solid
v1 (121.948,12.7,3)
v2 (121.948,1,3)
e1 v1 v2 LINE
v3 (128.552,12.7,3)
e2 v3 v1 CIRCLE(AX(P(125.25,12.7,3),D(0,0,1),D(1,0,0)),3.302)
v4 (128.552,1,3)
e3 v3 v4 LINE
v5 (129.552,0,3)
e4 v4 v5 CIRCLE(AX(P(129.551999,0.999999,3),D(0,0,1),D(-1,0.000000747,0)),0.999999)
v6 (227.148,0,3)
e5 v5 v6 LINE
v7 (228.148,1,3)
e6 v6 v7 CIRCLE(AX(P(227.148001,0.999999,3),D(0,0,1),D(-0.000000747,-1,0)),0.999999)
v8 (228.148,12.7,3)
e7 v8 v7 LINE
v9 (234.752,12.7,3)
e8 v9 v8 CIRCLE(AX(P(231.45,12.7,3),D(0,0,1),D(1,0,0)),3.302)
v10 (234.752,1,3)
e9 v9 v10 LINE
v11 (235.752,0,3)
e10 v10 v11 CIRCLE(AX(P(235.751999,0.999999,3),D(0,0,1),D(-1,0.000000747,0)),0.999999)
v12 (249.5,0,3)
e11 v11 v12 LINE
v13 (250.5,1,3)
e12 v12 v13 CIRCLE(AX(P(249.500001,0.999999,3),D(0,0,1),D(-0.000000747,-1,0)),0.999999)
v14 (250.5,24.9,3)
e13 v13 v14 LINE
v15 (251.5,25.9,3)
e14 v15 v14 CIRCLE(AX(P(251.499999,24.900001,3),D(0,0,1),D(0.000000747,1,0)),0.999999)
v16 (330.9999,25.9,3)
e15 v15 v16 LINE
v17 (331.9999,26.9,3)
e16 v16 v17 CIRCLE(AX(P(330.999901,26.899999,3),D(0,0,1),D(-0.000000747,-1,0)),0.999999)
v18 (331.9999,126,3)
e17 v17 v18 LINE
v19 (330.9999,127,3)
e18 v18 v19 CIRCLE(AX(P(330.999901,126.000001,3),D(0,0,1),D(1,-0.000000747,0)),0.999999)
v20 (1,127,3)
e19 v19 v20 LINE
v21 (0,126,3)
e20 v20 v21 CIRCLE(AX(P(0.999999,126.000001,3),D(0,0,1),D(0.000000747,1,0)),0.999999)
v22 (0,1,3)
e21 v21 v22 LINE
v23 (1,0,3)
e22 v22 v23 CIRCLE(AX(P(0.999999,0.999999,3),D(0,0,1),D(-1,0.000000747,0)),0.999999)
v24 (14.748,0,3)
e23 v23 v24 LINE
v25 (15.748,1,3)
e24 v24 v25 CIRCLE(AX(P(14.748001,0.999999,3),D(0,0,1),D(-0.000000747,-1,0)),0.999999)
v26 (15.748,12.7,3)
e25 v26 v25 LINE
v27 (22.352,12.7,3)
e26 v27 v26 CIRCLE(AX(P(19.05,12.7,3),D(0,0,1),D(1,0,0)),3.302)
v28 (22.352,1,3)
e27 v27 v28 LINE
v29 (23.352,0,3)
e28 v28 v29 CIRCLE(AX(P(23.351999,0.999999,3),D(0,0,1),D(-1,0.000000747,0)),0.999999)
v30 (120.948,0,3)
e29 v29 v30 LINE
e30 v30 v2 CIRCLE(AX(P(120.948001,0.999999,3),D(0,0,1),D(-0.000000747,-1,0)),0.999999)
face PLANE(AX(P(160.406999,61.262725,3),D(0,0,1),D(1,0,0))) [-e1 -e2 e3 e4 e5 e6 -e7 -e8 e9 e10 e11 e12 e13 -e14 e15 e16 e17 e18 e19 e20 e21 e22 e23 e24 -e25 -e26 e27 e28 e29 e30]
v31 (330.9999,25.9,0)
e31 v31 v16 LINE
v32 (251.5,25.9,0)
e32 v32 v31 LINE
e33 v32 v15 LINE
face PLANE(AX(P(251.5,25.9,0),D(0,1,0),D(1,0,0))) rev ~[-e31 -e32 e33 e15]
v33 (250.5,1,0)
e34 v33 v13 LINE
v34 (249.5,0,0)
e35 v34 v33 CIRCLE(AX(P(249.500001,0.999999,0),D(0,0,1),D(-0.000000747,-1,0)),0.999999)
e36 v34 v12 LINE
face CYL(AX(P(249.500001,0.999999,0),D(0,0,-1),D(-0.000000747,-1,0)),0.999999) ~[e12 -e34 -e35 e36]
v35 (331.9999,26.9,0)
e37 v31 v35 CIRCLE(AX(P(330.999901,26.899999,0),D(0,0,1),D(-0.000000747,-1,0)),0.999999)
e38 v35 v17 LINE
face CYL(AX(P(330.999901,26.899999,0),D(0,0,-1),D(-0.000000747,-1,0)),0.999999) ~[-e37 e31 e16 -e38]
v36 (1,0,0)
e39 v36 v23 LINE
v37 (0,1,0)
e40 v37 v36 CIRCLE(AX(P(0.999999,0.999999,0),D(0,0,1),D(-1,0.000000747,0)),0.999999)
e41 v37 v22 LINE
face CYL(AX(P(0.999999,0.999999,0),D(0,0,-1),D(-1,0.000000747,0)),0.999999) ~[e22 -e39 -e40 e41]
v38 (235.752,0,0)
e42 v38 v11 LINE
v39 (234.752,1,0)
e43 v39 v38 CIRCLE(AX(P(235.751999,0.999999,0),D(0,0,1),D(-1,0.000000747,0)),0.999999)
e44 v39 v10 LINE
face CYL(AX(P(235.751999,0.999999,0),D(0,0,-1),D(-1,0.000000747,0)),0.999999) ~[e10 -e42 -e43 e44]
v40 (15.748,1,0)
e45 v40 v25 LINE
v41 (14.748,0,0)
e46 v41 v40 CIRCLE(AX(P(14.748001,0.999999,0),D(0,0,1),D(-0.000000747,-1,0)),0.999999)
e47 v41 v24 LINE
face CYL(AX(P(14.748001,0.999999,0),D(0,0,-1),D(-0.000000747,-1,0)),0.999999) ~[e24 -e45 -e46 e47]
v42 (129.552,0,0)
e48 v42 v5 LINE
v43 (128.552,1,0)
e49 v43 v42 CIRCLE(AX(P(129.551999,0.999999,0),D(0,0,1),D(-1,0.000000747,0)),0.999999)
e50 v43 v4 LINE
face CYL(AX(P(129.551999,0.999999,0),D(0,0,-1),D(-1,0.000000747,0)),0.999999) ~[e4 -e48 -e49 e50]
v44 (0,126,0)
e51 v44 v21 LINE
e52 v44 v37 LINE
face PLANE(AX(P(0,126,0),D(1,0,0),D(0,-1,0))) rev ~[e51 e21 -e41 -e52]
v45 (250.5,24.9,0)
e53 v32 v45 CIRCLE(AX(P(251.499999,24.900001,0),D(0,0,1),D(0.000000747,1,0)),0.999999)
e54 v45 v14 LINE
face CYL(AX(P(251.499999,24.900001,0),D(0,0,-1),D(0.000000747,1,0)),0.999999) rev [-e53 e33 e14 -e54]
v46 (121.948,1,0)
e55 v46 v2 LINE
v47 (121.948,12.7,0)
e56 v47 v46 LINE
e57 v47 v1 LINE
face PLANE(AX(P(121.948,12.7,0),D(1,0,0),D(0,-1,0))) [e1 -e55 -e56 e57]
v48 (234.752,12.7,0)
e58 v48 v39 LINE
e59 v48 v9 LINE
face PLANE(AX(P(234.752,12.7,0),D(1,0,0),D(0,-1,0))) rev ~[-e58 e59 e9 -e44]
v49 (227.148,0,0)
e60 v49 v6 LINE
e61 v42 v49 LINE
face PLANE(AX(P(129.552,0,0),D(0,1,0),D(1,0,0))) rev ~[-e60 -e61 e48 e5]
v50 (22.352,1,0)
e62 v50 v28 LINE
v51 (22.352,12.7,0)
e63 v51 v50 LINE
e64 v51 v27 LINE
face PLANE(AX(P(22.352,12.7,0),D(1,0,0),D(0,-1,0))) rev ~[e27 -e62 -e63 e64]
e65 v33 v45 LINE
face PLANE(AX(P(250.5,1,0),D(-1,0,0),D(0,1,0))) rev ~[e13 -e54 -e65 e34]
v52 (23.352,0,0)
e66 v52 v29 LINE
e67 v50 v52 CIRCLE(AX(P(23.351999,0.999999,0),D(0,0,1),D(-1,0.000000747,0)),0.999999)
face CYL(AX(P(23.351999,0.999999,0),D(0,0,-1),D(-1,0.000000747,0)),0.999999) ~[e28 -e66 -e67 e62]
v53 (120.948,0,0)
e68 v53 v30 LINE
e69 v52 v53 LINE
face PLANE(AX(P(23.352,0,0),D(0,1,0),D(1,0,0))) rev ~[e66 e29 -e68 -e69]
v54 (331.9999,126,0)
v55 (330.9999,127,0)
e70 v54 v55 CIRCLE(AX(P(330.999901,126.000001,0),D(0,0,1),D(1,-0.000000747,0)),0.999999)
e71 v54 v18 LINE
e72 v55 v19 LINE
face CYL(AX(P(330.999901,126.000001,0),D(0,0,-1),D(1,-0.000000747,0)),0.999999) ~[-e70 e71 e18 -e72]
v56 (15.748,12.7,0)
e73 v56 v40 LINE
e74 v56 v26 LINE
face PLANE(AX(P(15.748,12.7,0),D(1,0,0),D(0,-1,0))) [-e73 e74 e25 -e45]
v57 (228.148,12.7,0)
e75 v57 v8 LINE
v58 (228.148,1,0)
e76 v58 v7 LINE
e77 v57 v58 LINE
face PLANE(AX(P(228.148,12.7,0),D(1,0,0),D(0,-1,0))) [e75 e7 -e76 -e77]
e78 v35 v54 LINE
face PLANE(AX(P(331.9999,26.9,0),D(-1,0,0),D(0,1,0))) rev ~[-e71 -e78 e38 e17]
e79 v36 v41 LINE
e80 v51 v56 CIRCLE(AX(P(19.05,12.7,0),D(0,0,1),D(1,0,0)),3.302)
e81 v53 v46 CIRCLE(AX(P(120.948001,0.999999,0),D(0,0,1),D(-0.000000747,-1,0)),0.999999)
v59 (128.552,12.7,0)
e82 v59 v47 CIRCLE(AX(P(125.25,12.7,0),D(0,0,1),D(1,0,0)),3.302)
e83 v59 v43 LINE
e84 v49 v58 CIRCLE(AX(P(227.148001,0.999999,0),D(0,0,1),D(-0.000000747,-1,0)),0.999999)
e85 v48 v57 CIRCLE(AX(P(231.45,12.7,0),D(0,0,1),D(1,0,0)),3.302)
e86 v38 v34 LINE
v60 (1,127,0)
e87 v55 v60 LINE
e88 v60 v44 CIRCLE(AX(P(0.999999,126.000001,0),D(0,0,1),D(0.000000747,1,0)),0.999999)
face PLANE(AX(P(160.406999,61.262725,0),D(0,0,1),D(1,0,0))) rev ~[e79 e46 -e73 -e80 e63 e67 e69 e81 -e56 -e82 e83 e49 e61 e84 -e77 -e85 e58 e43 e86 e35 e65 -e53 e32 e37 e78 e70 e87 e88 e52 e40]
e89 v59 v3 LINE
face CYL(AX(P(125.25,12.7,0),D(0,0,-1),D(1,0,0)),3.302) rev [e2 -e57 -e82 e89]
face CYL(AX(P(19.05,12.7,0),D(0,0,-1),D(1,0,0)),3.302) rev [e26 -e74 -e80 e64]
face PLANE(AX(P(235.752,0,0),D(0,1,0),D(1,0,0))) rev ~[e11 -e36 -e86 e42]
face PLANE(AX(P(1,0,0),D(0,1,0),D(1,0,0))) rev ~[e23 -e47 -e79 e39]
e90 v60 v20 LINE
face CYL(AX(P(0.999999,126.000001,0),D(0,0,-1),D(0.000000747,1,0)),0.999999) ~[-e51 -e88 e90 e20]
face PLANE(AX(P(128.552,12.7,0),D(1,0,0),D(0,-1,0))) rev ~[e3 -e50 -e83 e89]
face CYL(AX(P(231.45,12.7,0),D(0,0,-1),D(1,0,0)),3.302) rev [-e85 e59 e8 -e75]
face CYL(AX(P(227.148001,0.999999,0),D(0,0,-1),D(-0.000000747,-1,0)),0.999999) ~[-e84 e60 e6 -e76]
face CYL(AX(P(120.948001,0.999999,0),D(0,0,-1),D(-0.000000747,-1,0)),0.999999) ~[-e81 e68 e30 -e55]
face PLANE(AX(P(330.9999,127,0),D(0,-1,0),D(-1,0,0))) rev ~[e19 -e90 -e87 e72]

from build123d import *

# Parameters (mm, degrees)
PAD_DEPTH = 3


with BuildPart() as part:
    # Sketch → Pad (new body)
    with BuildSketch(Plane.XY):
        with BuildLine():
            Line((0, 126), (0, 1))
            ThreePointArc((0, 1), (0.292893, 0.292893), (1, 0))
            Line((1, 0), (14.748, 0))
            ThreePointArc((14.748, 0), (15.455107, 0.292893), (15.748, 1))
            Line((15.748, 12.7), (15.748, 1))
            ThreePointArc((22.352, 12.7), (19.05, 16.002), (15.748, 12.7))
            Line((22.352, 12.7), (22.352, 1))
            ThreePointArc((22.352, 1), (22.644893, 0.292893), (23.352, 0))
            Line((23.352, 0), (120.948, 0))
            ThreePointArc((120.948, 0), (121.655107, 0.292893), (121.948, 1))
            Line((121.948, 12.7), (121.948, 1))
            ThreePointArc((128.552, 12.7), (125.25, 16.002), (121.948, 12.7))
            Line((128.552, 12.7), (128.552, 1))
            ThreePointArc((128.552, 1), (128.844893, 0.292893), (129.552, 0))
            Line((129.552, 0), (227.148, 0))
            ThreePointArc((227.148, 0), (227.855107, 0.292893), (228.148, 1))
            Line((228.148, 12.7), (228.148, 1))
            ThreePointArc((234.752, 12.7), (231.45, 16.002), (228.148, 12.7))
            Line((234.752, 12.7), (234.752, 1))
            ThreePointArc((234.752, 1), (235.044893, 0.292893), (235.752, 0))
            Line((235.752, 0), (249.5, 0))
            ThreePointArc((249.5, 0), (250.207107, 0.292893), (250.5, 1))
            Line((250.5, 1), (250.5, 24.9))
            ThreePointArc((251.5, 25.9), (250.792893, 25.607107), (250.5, 24.9))
            Line((251.5, 25.9), (330.9999, 25.9))
            ThreePointArc((330.9999, 25.9), (331.707007, 26.192893), (331.9999, 26.9))
            Line((331.9999, 26.9), (331.9999, 126))
            ThreePointArc((331.9999, 126), (331.707007, 126.707107), (330.9999, 127))
            Line((330.9999, 127), (1, 127))
            ThreePointArc((1, 127), (0.292893, 126.707107), (0, 126))
        make_face()
    extrude(amount=PAD_DEPTH)


solid = part.part
